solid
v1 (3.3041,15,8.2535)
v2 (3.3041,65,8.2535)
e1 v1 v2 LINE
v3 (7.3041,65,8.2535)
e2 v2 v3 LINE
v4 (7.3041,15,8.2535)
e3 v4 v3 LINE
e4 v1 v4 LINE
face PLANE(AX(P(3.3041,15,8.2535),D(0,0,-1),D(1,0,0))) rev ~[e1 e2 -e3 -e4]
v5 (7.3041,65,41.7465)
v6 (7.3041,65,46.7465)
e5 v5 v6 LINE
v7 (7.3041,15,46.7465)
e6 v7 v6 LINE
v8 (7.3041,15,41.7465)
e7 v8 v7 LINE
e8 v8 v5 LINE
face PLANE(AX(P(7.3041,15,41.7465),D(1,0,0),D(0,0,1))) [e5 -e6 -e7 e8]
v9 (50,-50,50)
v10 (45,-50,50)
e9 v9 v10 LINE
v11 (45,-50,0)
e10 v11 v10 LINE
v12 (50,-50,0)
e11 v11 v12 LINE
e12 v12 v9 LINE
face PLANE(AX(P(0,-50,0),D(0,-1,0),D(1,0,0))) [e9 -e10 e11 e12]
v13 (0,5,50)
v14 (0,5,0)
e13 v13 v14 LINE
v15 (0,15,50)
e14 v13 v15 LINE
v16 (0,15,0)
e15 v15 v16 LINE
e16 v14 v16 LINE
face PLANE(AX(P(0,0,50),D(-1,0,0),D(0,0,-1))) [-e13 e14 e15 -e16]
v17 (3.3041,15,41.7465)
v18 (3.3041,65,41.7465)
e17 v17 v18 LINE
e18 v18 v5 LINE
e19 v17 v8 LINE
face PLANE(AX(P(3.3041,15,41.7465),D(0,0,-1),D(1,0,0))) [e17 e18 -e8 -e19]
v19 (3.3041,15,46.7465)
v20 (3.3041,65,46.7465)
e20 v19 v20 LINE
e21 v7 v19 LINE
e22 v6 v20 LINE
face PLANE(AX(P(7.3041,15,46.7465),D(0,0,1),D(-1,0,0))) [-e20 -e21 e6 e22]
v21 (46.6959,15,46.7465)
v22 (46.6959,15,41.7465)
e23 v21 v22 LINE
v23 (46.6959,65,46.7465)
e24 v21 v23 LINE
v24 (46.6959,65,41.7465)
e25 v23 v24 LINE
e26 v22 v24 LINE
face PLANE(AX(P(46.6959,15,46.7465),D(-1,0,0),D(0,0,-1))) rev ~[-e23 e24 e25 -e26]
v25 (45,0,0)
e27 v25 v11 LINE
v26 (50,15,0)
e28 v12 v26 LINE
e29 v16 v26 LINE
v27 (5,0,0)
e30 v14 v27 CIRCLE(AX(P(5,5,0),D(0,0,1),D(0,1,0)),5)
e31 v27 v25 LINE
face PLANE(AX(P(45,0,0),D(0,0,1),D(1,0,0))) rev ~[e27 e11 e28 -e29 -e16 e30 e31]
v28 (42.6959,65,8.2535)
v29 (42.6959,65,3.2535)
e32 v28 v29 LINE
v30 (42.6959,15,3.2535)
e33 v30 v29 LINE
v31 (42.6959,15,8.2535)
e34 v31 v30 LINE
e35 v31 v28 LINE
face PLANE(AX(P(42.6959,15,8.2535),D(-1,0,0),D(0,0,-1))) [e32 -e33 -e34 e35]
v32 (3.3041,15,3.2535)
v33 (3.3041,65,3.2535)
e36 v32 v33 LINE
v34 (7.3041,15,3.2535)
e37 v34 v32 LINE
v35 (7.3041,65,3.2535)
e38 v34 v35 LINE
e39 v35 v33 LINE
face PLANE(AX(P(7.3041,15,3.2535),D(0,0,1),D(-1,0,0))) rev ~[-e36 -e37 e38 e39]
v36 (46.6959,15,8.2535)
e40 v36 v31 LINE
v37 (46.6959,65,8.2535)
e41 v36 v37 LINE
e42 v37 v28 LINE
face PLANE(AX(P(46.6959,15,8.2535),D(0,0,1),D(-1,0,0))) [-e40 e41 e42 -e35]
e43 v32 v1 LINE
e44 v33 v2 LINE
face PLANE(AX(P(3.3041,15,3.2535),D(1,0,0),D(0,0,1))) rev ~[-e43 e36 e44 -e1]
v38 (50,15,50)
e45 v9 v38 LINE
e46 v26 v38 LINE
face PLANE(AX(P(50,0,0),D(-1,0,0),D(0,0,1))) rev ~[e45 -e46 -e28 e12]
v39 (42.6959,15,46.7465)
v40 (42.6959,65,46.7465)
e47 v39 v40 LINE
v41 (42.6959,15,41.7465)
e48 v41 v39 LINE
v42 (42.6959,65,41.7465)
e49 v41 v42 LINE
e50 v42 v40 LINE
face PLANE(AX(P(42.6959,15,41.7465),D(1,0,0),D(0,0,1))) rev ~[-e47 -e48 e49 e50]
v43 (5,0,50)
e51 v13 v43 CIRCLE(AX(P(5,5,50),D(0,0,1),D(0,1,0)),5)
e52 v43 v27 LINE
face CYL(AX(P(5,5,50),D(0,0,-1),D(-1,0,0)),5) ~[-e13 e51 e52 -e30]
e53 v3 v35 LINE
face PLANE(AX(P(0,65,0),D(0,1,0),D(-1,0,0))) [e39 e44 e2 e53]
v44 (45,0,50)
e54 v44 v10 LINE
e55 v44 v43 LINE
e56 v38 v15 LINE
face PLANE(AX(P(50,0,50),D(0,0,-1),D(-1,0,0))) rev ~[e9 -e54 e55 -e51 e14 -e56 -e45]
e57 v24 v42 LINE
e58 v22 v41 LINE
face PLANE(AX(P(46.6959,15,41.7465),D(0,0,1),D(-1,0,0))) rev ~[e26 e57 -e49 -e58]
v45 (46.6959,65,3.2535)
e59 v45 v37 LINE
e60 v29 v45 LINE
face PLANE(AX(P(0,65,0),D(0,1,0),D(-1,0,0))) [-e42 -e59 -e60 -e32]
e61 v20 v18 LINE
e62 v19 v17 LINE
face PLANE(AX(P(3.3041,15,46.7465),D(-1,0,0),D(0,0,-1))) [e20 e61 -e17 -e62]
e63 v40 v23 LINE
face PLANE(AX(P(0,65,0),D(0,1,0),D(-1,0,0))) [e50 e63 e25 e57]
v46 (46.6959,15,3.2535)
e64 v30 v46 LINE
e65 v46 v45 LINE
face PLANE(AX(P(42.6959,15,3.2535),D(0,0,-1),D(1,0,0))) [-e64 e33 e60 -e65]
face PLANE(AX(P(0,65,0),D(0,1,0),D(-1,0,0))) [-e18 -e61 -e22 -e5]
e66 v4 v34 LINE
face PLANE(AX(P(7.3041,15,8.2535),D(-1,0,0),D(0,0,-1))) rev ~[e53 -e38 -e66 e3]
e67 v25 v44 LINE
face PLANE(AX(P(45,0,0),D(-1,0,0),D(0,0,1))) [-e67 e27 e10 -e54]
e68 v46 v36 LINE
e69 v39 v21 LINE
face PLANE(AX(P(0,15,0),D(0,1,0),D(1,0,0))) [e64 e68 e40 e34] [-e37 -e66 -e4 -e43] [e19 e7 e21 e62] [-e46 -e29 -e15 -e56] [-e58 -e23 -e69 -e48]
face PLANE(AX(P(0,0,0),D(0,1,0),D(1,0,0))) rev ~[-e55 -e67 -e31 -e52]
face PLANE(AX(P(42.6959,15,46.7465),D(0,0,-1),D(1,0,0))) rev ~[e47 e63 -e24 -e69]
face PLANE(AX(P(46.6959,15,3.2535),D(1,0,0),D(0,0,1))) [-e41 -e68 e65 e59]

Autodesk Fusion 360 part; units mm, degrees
sketch "Sketch1" plane through (0, 0, 0) normal (0, 1, 0) x (1, 0, 0)
  line L0 (0, 0) -> (50, 0)
  line L1 (50, 0) -> (50, -50)
  line L2 (50, -50) -> (0, -50)
  line L3 (0, -50) -> (0, 0)
  dimension "d1" = 50
  dimension "d2" = 50
extrude "Extrude1" add sketch "Sketch1" along normal blind 15
sketch "Sketch2" plane through (0, 15, 0) normal (0, 1, 0) x (-1, 0, 0)
  line L0 (0, 50) -> (-50, 50)
  line L1 (-50, 50) -> (-50, 0)
  line L2 (-50, 0) -> (0, 0)
  line L3 (0, 0) -> (0, 50)
  line L4 (-25, 50) -> (-25, 0) construction
  line L5 (0, 25) -> (-50, 25) construction
  line L6 (-46.6959, 41.7465) -> (-42.6959, 41.7465)
  line L7 (-42.6959, 41.7465) -> (-42.6959, 46.7465)
  line L8 (-42.6959, 46.7465) -> (-46.6959, 46.7465)
  line L9 (-46.6959, 46.7465) -> (-46.6959, 41.7465)
  line L10 (-42.6959, 3.2535) -> (-46.6959, 3.2535)
  line L11 (-46.6959, 3.2535) -> (-46.6959, 8.2535)
  line L12 (-46.6959, 8.2535) -> (-42.6959, 8.2535)
  line L13 (-42.6959, 8.2535) -> (-42.6959, 3.2535)
  line L14 (-3.3041, 41.7465) -> (-7.3041, 41.7465)
  line L15 (-3.3041, 46.7465) -> (-3.3041, 41.7465)
  line L16 (-7.3041, 41.7465) -> (-7.3041, 46.7465)
  line L17 (-7.3041, 46.7465) -> (-3.3041, 46.7465)
  line L18 (-7.3041, 8.2535) -> (-7.3041, 3.2535)
  line L19 (-3.3041, 8.2535) -> (-7.3041, 8.2535)
  line L20 (-3.3041, 3.2535) -> (-3.3041, 8.2535)
  line L21 (-7.3041, 3.2535) -> (-3.3041, 3.2535)
  dimension "d5" = 5
  dimension "d6" = 4
extrude "Extrude2" add sketch "Sketch2" along normal blind 50 contours L6 L7 L8 L9 | L10 L11 L12 L13 | L14 L15 L16 L17 | L18 L19 L20 L21
fillet "Fillet1" radius 5 1 edges at (0, 0, 25)
sketch "Sketch3" plane through (0, 0, 0) normal (0, -1, 0) x (1, 0, 0)
  line L0 (5, 50) -> (5, 0)
  line L1 (5, 0) -> (50, 0)
  line L2 (50, 0) -> (50, 50)
  line L3 (50, 50) -> (5, 50)
  line L4 (50, 0) -> (45, 0)
  line L5 (45, 0) -> (45, 50)
  line L6 (45, 50) -> (50, 50)
  line L7 (50, 50) -> (50, 0)
  dimension "d11" = 5
  dimension "d12" = 50
extrude "Extrude3" add sketch "Sketch3" along normal blind 50 contours L1 L2 L3 L4 L5 L6 L7
